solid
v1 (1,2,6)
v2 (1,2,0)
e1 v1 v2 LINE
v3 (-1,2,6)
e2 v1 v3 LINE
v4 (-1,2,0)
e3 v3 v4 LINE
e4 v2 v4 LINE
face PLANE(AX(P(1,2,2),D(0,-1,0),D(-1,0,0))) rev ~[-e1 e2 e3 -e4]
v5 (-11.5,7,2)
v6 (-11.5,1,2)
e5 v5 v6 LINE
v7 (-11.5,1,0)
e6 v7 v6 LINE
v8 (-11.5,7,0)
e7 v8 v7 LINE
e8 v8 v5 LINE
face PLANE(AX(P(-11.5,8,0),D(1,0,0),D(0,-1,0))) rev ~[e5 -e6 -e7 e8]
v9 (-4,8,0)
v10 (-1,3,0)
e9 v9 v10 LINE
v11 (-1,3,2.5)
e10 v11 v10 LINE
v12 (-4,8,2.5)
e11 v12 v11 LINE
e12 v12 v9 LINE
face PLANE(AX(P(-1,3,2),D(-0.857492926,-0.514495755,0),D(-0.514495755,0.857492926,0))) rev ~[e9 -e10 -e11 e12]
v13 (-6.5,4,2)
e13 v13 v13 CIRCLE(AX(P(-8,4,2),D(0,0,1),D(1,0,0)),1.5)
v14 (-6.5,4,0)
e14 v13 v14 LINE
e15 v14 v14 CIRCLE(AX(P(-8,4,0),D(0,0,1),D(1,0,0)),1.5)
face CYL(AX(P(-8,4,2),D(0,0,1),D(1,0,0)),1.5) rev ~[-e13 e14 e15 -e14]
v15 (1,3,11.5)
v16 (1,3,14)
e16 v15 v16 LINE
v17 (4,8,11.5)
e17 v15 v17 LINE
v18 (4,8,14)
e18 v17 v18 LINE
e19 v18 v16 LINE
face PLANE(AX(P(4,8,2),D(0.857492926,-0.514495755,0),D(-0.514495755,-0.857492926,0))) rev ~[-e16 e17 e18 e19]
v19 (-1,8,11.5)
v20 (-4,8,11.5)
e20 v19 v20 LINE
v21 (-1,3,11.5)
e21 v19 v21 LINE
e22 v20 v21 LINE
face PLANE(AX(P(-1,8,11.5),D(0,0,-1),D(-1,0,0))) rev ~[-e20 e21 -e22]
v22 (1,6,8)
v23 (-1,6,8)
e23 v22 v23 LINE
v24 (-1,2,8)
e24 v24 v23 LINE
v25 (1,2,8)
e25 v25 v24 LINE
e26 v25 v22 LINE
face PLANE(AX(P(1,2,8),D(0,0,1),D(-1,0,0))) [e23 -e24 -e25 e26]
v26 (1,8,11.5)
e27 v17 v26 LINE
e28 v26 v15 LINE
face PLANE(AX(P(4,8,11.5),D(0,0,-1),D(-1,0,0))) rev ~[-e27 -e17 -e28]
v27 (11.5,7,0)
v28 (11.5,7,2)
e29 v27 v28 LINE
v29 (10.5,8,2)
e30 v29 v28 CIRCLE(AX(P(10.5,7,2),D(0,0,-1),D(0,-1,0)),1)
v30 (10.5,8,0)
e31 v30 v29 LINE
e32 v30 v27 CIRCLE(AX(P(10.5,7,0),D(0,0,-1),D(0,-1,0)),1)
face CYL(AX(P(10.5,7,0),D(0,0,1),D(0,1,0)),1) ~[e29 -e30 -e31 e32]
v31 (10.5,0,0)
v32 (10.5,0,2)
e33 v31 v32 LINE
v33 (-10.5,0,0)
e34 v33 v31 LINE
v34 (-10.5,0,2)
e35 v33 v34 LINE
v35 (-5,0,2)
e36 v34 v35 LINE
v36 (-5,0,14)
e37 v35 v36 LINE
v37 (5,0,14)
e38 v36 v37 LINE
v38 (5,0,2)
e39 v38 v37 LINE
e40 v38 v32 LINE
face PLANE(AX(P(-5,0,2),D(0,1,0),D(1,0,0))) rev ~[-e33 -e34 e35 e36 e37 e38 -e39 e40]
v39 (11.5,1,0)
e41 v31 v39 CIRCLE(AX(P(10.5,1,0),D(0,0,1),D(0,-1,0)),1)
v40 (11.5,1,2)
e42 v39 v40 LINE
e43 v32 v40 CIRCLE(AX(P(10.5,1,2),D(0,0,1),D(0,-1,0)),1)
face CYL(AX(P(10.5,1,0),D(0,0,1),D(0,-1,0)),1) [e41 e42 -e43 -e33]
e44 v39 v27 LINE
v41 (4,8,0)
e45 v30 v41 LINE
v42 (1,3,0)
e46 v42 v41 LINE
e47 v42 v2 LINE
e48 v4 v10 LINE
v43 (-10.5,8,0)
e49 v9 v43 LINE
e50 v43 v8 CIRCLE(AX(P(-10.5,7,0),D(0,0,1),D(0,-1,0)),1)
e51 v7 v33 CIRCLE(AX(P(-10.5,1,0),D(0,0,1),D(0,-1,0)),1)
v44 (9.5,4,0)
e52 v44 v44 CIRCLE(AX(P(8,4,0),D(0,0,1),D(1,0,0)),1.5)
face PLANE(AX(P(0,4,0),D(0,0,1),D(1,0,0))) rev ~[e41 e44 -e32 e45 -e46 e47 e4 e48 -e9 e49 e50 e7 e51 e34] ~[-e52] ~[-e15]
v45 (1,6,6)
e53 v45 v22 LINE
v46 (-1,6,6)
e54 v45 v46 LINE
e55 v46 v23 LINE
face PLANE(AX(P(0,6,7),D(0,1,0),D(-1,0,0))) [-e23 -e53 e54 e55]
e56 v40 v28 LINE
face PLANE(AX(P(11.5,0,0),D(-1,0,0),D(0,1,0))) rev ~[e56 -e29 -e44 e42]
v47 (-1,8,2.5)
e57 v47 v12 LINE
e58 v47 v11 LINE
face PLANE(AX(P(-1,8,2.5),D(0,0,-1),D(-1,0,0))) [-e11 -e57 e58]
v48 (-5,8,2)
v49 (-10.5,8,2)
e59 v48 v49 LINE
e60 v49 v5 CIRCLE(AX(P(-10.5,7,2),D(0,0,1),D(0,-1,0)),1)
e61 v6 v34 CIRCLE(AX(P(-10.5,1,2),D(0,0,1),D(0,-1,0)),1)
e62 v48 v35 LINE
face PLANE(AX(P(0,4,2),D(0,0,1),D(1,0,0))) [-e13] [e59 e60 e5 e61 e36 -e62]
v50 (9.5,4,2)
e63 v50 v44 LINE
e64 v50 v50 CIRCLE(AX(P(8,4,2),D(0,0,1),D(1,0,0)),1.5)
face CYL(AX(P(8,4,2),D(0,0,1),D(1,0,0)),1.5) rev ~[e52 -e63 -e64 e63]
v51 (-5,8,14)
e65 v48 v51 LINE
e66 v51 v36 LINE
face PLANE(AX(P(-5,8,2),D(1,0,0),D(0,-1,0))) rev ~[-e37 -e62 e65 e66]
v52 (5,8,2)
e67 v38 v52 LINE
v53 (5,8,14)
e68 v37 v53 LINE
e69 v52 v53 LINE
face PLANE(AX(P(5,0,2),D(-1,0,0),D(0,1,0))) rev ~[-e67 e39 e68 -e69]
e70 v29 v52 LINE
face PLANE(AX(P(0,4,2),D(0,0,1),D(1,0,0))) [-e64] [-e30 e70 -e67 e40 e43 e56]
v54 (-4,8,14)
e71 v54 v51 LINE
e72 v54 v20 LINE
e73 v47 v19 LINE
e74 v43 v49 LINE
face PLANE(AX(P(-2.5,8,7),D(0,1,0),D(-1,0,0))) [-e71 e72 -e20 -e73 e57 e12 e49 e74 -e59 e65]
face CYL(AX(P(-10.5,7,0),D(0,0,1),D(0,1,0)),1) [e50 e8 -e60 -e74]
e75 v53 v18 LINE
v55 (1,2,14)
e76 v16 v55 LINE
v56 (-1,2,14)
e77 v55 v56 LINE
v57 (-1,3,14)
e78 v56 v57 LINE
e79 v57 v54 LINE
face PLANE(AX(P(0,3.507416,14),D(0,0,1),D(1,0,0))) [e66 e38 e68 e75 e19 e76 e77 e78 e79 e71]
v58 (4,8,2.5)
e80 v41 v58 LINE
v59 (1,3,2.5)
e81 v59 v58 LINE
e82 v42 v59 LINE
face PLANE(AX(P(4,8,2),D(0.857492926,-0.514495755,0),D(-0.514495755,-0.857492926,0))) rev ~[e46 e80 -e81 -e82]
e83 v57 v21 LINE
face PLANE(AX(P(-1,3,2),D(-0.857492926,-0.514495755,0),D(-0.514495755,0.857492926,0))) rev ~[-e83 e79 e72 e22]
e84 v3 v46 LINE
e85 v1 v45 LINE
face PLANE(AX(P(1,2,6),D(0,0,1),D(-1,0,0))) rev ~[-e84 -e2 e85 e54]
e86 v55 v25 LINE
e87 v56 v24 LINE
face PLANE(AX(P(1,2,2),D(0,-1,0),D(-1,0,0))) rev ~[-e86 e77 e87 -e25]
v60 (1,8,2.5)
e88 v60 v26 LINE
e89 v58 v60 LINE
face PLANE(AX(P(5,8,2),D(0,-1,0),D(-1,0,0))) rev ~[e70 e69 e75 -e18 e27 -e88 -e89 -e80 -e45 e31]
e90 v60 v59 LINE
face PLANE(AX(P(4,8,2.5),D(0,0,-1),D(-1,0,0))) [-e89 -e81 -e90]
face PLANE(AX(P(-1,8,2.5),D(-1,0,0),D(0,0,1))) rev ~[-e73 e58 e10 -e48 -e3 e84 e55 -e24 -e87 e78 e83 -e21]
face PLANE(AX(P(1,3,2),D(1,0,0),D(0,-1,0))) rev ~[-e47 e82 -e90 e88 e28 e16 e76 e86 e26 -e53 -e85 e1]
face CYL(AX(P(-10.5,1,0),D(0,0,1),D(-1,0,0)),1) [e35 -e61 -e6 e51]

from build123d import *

# Parameters (mm, degrees)
F1_DEPTH  = 2
F3_DEPTH  = 25
F4_R      = 1.5
F5_DEPTH  = 25
F7_DEPTH  = 12
F8_W      = 3
F8_H      = 9
F9_DEPTH  = 8
F10_W     = 2
F10_H     = 2
F11_DEPTH = 4
F12_R     = 1


with BuildPart() as f1:
    # F0 (on Top) → F1 (new body)
    with BuildSketch(Plane.XY):
        Polygon((-11.5, 8), (-11.5, 0), (11.5, 0), (11.5, 8), (1, 8), (1, 2), (-1, 2), (-1, 8), align=None)
    extrude(amount=F1_DEPTH)

    # F2 (on face) → F3 (cut)
    with BuildSketch(Plane.XY.offset(2)):
        Polygon((-1, 8), (-4, 8), (-1, 3), align=None)
        Polygon((1, 8), (1, 3), (4, 8), align=None)
    extrude(amount=-F3_DEPTH, mode=Mode.SUBTRACT)

    # F4 (on face) → F5 (cut)
    with BuildSketch(Plane.XY.offset(2)):
        with Locations((-8, 4)):
            Circle(F4_R)
        with Locations((8, 4)):
            Circle(F4_R)
    extrude(amount=-F5_DEPTH, mode=Mode.SUBTRACT)

    # F6 (on face) → F7 (join)
    with BuildSketch(Plane.XY.offset(2)):
        Polygon((-4, 8), (-5, 8), (-5, 0), (5, 0), (5, 8), (4, 8), (1, 3), (1, 2), (-1, 2), (-1, 3), align=None)
    extrude(amount=F7_DEPTH)

    # F8 (on face) → F9 (join)
    with BuildSketch(Plane(origin=(0, 8, 0), x_dir=(-1, 0, 0), z_dir=(0, 1, 0))):
        with Locations((2.5, 7)):
            Rectangle(F8_W, F8_H)
        with Locations((-2.5, 7)):
            Rectangle(F8_W, F8_H)
    extrude(amount=-F9_DEPTH)

    # F10 (on face) → F11 (join)
    with BuildSketch(Plane(origin=(0, 2, 0), x_dir=(-1, 0, 0), z_dir=(0, 1, 0))):
        with Locations((0, 7)):
            Rectangle(F10_W, F10_H)
    extrude(amount=F11_DEPTH)

    # F12
    f12_edges = [f1.edges().sort_by_distance(p)[0] for p in [
        (11.5, 8, 1),
        (11.5, 0, 1),
        (-11.5, 0, 1),
        (-11.5, 8, 1),
    ]]
    fillet(f12_edges, radius=F12_R)


solid = f1.part
